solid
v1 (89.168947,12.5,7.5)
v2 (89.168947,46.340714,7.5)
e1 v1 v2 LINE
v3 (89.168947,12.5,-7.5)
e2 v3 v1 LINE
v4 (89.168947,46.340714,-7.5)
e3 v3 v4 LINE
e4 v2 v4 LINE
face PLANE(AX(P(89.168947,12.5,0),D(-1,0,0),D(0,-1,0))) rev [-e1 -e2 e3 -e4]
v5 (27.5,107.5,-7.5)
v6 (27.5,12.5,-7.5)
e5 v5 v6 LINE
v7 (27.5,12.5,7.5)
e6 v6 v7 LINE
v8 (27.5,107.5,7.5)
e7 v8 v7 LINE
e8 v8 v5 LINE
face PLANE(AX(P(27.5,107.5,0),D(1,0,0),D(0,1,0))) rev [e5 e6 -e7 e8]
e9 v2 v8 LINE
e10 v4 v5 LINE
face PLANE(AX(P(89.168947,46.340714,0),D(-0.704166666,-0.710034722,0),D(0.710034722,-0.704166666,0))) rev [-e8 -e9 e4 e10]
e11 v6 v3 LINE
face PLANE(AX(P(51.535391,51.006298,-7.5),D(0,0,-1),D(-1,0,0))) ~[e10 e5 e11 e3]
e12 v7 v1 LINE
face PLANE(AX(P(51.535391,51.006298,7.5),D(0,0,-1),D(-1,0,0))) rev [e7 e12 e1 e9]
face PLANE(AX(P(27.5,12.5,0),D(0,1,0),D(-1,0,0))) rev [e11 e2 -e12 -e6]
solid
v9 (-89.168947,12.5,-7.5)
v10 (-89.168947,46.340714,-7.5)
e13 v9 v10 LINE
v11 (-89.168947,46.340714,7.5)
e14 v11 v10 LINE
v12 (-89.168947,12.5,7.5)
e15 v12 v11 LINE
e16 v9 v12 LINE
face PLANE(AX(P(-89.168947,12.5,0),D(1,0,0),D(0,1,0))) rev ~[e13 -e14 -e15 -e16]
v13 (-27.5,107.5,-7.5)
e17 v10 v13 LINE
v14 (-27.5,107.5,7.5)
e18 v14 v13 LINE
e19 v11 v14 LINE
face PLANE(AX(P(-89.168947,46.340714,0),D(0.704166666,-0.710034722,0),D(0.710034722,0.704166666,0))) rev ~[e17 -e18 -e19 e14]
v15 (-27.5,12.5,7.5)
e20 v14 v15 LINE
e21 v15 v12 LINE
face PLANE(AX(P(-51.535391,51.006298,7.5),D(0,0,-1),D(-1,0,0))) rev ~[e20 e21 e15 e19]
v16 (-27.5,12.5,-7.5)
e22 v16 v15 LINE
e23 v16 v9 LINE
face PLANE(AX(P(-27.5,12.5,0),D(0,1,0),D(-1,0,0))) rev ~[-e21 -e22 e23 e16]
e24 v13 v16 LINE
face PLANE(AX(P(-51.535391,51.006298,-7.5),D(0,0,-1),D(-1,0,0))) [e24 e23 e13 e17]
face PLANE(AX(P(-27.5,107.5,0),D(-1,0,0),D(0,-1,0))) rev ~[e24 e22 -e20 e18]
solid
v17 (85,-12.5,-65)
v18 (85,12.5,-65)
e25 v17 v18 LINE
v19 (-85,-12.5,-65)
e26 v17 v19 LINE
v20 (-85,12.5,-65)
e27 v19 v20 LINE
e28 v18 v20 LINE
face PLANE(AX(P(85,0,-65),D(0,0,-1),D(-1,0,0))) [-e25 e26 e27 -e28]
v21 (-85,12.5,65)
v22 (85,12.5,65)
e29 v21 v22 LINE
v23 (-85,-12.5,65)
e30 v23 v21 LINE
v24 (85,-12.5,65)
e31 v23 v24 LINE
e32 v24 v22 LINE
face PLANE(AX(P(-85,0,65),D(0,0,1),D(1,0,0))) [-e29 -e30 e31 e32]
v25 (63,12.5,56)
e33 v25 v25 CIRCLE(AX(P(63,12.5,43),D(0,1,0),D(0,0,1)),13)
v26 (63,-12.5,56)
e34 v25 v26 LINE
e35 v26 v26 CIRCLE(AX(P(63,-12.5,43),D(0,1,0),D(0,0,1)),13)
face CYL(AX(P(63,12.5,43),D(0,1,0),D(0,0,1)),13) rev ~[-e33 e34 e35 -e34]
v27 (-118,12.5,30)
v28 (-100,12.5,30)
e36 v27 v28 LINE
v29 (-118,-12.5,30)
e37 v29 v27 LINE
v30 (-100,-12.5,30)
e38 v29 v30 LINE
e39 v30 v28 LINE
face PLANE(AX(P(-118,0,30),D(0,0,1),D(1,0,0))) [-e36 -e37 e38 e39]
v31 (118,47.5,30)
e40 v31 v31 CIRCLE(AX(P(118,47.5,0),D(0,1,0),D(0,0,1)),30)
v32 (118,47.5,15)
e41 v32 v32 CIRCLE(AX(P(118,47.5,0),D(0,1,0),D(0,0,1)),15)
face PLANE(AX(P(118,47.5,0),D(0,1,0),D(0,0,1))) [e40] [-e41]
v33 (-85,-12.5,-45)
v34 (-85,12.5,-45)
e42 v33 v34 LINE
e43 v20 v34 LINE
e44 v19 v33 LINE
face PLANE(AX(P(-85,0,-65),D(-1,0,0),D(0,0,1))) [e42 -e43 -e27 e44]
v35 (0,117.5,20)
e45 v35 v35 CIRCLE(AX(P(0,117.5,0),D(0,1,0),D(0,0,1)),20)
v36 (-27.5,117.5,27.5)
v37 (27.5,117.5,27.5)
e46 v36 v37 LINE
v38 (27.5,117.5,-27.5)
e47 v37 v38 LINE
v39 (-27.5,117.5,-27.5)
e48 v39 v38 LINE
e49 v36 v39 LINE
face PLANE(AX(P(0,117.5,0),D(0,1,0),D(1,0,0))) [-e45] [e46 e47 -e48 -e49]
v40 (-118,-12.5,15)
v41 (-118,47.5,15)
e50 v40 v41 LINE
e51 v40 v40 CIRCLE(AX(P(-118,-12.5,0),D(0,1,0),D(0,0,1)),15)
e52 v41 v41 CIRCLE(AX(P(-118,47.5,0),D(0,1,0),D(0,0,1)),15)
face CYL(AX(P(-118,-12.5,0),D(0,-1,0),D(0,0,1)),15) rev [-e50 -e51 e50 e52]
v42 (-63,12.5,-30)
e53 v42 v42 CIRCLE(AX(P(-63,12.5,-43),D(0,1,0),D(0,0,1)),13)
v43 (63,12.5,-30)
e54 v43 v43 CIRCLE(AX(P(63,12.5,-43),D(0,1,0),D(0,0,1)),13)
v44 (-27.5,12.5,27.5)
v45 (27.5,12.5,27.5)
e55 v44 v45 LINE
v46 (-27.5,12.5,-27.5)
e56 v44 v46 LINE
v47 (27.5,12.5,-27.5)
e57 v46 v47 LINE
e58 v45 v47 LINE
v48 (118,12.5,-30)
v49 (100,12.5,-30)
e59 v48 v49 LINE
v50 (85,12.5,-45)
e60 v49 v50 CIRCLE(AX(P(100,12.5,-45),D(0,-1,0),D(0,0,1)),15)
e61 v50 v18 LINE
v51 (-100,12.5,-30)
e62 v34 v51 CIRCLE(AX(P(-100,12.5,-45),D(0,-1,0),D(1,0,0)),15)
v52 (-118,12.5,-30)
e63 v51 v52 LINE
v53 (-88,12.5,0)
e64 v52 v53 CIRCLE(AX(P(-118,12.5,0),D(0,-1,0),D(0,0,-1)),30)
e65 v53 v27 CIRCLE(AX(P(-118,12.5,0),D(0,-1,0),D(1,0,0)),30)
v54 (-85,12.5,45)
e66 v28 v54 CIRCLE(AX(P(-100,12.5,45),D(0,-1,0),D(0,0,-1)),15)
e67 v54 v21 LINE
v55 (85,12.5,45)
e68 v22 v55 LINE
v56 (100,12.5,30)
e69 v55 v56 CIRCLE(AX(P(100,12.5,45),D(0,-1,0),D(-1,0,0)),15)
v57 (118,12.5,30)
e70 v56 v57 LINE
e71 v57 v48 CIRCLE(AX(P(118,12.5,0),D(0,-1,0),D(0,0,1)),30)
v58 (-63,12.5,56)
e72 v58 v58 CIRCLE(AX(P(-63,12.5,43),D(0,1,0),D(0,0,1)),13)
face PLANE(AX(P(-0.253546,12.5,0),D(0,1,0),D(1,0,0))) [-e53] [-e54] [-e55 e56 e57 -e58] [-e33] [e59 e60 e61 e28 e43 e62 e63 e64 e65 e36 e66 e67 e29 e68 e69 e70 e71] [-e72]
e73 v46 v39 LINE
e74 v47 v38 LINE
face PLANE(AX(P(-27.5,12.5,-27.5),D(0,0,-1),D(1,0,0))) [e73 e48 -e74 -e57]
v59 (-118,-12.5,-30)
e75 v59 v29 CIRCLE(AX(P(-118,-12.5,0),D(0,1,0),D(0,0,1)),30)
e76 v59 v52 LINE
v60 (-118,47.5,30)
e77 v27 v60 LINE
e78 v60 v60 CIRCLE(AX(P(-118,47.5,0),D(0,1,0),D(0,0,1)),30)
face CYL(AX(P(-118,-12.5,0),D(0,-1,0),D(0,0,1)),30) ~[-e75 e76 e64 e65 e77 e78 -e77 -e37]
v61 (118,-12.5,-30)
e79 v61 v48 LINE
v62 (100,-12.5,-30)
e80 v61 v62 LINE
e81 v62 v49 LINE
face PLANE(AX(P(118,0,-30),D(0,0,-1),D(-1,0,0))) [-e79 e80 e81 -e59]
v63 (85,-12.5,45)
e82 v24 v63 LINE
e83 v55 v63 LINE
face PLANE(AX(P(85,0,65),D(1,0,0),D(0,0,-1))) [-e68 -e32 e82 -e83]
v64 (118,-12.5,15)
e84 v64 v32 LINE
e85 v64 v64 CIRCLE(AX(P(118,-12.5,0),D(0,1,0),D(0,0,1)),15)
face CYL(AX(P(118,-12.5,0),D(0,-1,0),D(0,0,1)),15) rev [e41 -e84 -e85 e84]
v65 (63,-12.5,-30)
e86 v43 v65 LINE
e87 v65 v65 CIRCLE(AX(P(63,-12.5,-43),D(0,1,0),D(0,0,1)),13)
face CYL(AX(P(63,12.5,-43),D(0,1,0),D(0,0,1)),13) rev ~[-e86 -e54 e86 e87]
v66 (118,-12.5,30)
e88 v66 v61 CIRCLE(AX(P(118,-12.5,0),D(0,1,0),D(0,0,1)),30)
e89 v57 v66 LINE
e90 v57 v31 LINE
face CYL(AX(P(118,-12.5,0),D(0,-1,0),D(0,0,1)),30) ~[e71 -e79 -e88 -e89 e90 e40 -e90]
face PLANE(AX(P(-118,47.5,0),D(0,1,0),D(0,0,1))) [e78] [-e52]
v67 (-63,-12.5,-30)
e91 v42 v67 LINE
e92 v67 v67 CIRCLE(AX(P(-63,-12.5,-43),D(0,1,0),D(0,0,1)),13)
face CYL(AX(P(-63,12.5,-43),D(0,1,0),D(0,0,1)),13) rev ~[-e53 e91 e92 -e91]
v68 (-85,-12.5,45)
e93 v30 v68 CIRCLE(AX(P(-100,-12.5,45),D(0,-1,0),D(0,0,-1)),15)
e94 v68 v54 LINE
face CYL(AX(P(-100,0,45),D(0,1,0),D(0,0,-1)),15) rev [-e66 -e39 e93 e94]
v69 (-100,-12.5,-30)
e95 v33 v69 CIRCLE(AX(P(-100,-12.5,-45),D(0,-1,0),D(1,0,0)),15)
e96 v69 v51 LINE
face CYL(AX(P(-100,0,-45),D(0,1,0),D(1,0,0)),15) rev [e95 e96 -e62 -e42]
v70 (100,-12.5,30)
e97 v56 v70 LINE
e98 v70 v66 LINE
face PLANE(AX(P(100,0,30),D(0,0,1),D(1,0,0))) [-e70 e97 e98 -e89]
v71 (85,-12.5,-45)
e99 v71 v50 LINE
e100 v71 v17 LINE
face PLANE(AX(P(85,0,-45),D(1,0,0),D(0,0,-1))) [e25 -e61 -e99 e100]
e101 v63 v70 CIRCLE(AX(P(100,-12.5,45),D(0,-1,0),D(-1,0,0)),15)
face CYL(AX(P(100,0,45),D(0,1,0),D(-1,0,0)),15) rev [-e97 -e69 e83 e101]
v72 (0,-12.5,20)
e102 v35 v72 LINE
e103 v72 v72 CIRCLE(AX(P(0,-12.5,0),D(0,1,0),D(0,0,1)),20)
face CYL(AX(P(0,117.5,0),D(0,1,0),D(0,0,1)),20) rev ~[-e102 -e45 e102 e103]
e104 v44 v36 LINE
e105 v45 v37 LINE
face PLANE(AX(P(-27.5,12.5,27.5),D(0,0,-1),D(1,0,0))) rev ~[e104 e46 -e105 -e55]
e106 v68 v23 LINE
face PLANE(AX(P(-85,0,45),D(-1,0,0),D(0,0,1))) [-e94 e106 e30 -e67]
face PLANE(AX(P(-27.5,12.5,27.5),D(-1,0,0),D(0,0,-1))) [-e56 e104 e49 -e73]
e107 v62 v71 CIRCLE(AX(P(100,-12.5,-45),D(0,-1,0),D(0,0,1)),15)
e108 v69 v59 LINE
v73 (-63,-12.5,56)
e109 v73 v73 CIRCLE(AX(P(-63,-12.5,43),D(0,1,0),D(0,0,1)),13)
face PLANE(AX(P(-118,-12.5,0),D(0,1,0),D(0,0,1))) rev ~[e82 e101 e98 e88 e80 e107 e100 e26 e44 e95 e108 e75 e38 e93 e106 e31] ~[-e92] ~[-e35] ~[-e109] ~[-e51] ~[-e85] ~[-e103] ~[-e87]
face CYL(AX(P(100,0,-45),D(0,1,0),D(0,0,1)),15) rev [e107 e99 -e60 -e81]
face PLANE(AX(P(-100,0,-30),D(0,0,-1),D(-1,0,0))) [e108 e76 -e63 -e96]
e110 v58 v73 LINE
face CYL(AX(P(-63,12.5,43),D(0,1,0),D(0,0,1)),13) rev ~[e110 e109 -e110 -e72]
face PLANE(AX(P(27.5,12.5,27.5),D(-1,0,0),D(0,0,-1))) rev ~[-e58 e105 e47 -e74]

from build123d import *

# Parameters (mm, degrees)
BOSS_EXTRUDE1_DEPTH      = 12.5
BOSS_EXTRUDE2_DEPTH      = 47.5
BOSS_EXTRUDE2_DEPTH_BACK = 12.5
SKETCH1_3_R              = 30
SKETCH1_3_R_2            = 15
CUT_EXTRUDE1_REACH       = 167.39
SKETCH2_R                = 13
SKETCH3_W                = 55
SKETCH3_H                = 55
BOSS_EXTRUDE3_DEPTH      = 105
CUT_EXTRUDE2_REACH       = 209.434
SKETCH4_R                = 20
BOSS_EXTRUDE5_DEPTH      = 7.5


with BuildPart() as part:
    # Sketch1 → Boss-Extrude1 (new, symmetric)
    with BuildSketch(Plane(origin=(0, 0, 0), x_dir=(1, 0, 0), z_dir=(0, 1, 0))):
        with BuildLine():
            ThreePointArc((118, -30), (88, 0), (118, 30))
            Line((118, 30), (100, 30))
            ThreePointArc((100, 30), (89.393398282, 34.393398282), (85, 45))
            Line((85, 45), (85, 65))
            Line((85, 65), (-85, 65))
            Line((-85, 65), (-85, 45))
            ThreePointArc((-85, 45), (-89.393398282, 34.393398282), (-100, 30))
            Line((-100, 30), (-118, 30))
            ThreePointArc((-118, 30), (-96.786796564, 21.213203436), (-88, 0))
            ThreePointArc((-88, 0), (-96.786796564, -21.213203436), (-118, -30))
            Line((-118, -30), (-100, -30))
            ThreePointArc((-100, -30), (-89.393398282, -34.393398282), (-85, -45))
            Line((-85, -45), (-85, -65))
            Line((-85, -65), (85, -65))
            Line((85, -65), (85, -45))
            ThreePointArc((85, -45), (89.393398282, -34.393398282), (100, -30))
            Line((100, -30), (118, -30))
        make_face()
    extrude(amount=BOSS_EXTRUDE1_DEPTH, both=True)

    # Sketch1<3> → Boss-Extrude2 (add, two sides: drawn at the far end of the back side and taken through both)
    # profile 1 of 2: a face of its own
    with BuildSketch(Plane(origin=(0, 0, 0), x_dir=(1, 0, 0), z_dir=(0, 1, 0)).offset(-BOSS_EXTRUDE2_DEPTH_BACK)):
        with Locations(Location((-118, 0, 0), (0, 0, 270))):
            Circle(SKETCH1_3_R)
        with Locations(Location((-118, 0, 0), (0, 0, 270))):
            Circle(SKETCH1_3_R_2, mode=Mode.SUBTRACT)
    # profile 2 of 2: a face of its own
    with BuildSketch(Plane(origin=(0, 0, 0), x_dir=(1, 0, 0), z_dir=(0, 1, 0)).offset(-BOSS_EXTRUDE2_DEPTH_BACK)):
        with Locations(Location((118, 0, 0), (0, 0, 270))):
            Circle(SKETCH1_3_R)
        with Locations(Location((118, 0, 0), (0, 0, 270))):
            Circle(SKETCH1_3_R_2, mode=Mode.SUBTRACT)
    extrude(amount=BOSS_EXTRUDE2_DEPTH + BOSS_EXTRUDE2_DEPTH_BACK)

    # Sketch2 → Cut-Extrude1 (cut, up to next)
    with BuildSketch(Plane(origin=(0, 12.5, 0), x_dir=(1, 0, 0), z_dir=(0, 1, 0)), mode=Mode.PRIVATE) as cut_extrude1_sk1:
        with Locations(Location((-63, 43, 0), (0, 0, 270))):
            Circle(SKETCH2_R)
    cut_extrude1_tool1 = extrude(cut_extrude1_sk1.sketch, amount=-CUT_EXTRUDE1_REACH, mode=Mode.PRIVATE) & part.part
    # Sketch2 → Cut-Extrude1 (cut, up to next)
    with BuildSketch(Plane(origin=(0, 12.5, 0), x_dir=(1, 0, 0), z_dir=(0, 1, 0)), mode=Mode.PRIVATE) as cut_extrude1_sk2:
        with Locations(Location((-63, -43, 0), (0, 0, 270))):
            Circle(SKETCH2_R)
    cut_extrude1_tool2 = extrude(cut_extrude1_sk2.sketch, amount=-CUT_EXTRUDE1_REACH, mode=Mode.PRIVATE) & part.part
    # Sketch2 → Cut-Extrude1 (cut, up to next)
    with BuildSketch(Plane(origin=(0, 12.5, 0), x_dir=(1, 0, 0), z_dir=(0, 1, 0)), mode=Mode.PRIVATE) as cut_extrude1_sk3:
        with Locations(Location((63, 43, 0), (0, 0, 270))):
            Circle(SKETCH2_R)
    cut_extrude1_tool3 = extrude(cut_extrude1_sk3.sketch, amount=-CUT_EXTRUDE1_REACH, mode=Mode.PRIVATE) & part.part
    # Sketch2 → Cut-Extrude1 (cut, up to next)
    with BuildSketch(Plane(origin=(0, 12.5, 0), x_dir=(1, 0, 0), z_dir=(0, 1, 0)), mode=Mode.PRIVATE) as cut_extrude1_sk4:
        with Locations(Location((63, -43, 0), (0, 0, 270))):
            Circle(SKETCH2_R)
    cut_extrude1_tool4 = extrude(cut_extrude1_sk4.sketch, amount=-CUT_EXTRUDE1_REACH, mode=Mode.PRIVATE) & part.part
    add(cut_extrude1_tool1.solids().sort_by_distance((-63, 12.5, -43))[0], mode=Mode.SUBTRACT)
    add(cut_extrude1_tool2.solids().sort_by_distance((-63, 12.5, 43))[0], mode=Mode.SUBTRACT)
    add(cut_extrude1_tool3.solids().sort_by_distance((63, 12.5, -43))[0], mode=Mode.SUBTRACT)
    add(cut_extrude1_tool4.solids().sort_by_distance((63, 12.5, 43))[0], mode=Mode.SUBTRACT)

    # Sketch3 → Boss-Extrude3 (add)
    with BuildSketch(Plane(origin=(0, 12.5, 0), x_dir=(1, 0, 0), z_dir=(0, 1, 0))):
        Rectangle(SKETCH3_W, SKETCH3_H)
    extrude(amount=BOSS_EXTRUDE3_DEPTH)

    # Sketch4 → Cut-Extrude2 (cut, up to next)
    with BuildSketch(Plane(origin=(0, 117.5, 0), x_dir=(1, 0, 0), z_dir=(0, 1, 0)), mode=Mode.PRIVATE) as cut_extrude2_sk1:
        with Locations(Location((0, 0, 0), (0, 0, 270))):
            Circle(SKETCH4_R)
    cut_extrude2_tool1 = extrude(cut_extrude2_sk1.sketch, amount=-CUT_EXTRUDE2_REACH, mode=Mode.PRIVATE) & part.part
    add(cut_extrude2_tool1.solids().sort_by_distance((0, 117.5, 0))[0], mode=Mode.SUBTRACT)


with BuildPart() as body_2:
    # Sketch6 → Boss-Extrude5 (new, symmetric)
    with BuildSketch(Plane.XY):
        Polygon((-89.168947092, 12.5), (-89.168947092, 46.340713627), (-27.5, 107.5), (-27.5, 12.5), align=None)
    extrude(amount=BOSS_EXTRUDE5_DEPTH, both=True)


with BuildPart() as body_3:
    # Mirror6: mirrored copy
    add(body_2.part.mirror(Plane(origin=(0, 0, 0), x_dir=(0, 0, 1), z_dir=(1, 0, 0))))


solid = Compound([part.part, body_2.part, body_3.part])
